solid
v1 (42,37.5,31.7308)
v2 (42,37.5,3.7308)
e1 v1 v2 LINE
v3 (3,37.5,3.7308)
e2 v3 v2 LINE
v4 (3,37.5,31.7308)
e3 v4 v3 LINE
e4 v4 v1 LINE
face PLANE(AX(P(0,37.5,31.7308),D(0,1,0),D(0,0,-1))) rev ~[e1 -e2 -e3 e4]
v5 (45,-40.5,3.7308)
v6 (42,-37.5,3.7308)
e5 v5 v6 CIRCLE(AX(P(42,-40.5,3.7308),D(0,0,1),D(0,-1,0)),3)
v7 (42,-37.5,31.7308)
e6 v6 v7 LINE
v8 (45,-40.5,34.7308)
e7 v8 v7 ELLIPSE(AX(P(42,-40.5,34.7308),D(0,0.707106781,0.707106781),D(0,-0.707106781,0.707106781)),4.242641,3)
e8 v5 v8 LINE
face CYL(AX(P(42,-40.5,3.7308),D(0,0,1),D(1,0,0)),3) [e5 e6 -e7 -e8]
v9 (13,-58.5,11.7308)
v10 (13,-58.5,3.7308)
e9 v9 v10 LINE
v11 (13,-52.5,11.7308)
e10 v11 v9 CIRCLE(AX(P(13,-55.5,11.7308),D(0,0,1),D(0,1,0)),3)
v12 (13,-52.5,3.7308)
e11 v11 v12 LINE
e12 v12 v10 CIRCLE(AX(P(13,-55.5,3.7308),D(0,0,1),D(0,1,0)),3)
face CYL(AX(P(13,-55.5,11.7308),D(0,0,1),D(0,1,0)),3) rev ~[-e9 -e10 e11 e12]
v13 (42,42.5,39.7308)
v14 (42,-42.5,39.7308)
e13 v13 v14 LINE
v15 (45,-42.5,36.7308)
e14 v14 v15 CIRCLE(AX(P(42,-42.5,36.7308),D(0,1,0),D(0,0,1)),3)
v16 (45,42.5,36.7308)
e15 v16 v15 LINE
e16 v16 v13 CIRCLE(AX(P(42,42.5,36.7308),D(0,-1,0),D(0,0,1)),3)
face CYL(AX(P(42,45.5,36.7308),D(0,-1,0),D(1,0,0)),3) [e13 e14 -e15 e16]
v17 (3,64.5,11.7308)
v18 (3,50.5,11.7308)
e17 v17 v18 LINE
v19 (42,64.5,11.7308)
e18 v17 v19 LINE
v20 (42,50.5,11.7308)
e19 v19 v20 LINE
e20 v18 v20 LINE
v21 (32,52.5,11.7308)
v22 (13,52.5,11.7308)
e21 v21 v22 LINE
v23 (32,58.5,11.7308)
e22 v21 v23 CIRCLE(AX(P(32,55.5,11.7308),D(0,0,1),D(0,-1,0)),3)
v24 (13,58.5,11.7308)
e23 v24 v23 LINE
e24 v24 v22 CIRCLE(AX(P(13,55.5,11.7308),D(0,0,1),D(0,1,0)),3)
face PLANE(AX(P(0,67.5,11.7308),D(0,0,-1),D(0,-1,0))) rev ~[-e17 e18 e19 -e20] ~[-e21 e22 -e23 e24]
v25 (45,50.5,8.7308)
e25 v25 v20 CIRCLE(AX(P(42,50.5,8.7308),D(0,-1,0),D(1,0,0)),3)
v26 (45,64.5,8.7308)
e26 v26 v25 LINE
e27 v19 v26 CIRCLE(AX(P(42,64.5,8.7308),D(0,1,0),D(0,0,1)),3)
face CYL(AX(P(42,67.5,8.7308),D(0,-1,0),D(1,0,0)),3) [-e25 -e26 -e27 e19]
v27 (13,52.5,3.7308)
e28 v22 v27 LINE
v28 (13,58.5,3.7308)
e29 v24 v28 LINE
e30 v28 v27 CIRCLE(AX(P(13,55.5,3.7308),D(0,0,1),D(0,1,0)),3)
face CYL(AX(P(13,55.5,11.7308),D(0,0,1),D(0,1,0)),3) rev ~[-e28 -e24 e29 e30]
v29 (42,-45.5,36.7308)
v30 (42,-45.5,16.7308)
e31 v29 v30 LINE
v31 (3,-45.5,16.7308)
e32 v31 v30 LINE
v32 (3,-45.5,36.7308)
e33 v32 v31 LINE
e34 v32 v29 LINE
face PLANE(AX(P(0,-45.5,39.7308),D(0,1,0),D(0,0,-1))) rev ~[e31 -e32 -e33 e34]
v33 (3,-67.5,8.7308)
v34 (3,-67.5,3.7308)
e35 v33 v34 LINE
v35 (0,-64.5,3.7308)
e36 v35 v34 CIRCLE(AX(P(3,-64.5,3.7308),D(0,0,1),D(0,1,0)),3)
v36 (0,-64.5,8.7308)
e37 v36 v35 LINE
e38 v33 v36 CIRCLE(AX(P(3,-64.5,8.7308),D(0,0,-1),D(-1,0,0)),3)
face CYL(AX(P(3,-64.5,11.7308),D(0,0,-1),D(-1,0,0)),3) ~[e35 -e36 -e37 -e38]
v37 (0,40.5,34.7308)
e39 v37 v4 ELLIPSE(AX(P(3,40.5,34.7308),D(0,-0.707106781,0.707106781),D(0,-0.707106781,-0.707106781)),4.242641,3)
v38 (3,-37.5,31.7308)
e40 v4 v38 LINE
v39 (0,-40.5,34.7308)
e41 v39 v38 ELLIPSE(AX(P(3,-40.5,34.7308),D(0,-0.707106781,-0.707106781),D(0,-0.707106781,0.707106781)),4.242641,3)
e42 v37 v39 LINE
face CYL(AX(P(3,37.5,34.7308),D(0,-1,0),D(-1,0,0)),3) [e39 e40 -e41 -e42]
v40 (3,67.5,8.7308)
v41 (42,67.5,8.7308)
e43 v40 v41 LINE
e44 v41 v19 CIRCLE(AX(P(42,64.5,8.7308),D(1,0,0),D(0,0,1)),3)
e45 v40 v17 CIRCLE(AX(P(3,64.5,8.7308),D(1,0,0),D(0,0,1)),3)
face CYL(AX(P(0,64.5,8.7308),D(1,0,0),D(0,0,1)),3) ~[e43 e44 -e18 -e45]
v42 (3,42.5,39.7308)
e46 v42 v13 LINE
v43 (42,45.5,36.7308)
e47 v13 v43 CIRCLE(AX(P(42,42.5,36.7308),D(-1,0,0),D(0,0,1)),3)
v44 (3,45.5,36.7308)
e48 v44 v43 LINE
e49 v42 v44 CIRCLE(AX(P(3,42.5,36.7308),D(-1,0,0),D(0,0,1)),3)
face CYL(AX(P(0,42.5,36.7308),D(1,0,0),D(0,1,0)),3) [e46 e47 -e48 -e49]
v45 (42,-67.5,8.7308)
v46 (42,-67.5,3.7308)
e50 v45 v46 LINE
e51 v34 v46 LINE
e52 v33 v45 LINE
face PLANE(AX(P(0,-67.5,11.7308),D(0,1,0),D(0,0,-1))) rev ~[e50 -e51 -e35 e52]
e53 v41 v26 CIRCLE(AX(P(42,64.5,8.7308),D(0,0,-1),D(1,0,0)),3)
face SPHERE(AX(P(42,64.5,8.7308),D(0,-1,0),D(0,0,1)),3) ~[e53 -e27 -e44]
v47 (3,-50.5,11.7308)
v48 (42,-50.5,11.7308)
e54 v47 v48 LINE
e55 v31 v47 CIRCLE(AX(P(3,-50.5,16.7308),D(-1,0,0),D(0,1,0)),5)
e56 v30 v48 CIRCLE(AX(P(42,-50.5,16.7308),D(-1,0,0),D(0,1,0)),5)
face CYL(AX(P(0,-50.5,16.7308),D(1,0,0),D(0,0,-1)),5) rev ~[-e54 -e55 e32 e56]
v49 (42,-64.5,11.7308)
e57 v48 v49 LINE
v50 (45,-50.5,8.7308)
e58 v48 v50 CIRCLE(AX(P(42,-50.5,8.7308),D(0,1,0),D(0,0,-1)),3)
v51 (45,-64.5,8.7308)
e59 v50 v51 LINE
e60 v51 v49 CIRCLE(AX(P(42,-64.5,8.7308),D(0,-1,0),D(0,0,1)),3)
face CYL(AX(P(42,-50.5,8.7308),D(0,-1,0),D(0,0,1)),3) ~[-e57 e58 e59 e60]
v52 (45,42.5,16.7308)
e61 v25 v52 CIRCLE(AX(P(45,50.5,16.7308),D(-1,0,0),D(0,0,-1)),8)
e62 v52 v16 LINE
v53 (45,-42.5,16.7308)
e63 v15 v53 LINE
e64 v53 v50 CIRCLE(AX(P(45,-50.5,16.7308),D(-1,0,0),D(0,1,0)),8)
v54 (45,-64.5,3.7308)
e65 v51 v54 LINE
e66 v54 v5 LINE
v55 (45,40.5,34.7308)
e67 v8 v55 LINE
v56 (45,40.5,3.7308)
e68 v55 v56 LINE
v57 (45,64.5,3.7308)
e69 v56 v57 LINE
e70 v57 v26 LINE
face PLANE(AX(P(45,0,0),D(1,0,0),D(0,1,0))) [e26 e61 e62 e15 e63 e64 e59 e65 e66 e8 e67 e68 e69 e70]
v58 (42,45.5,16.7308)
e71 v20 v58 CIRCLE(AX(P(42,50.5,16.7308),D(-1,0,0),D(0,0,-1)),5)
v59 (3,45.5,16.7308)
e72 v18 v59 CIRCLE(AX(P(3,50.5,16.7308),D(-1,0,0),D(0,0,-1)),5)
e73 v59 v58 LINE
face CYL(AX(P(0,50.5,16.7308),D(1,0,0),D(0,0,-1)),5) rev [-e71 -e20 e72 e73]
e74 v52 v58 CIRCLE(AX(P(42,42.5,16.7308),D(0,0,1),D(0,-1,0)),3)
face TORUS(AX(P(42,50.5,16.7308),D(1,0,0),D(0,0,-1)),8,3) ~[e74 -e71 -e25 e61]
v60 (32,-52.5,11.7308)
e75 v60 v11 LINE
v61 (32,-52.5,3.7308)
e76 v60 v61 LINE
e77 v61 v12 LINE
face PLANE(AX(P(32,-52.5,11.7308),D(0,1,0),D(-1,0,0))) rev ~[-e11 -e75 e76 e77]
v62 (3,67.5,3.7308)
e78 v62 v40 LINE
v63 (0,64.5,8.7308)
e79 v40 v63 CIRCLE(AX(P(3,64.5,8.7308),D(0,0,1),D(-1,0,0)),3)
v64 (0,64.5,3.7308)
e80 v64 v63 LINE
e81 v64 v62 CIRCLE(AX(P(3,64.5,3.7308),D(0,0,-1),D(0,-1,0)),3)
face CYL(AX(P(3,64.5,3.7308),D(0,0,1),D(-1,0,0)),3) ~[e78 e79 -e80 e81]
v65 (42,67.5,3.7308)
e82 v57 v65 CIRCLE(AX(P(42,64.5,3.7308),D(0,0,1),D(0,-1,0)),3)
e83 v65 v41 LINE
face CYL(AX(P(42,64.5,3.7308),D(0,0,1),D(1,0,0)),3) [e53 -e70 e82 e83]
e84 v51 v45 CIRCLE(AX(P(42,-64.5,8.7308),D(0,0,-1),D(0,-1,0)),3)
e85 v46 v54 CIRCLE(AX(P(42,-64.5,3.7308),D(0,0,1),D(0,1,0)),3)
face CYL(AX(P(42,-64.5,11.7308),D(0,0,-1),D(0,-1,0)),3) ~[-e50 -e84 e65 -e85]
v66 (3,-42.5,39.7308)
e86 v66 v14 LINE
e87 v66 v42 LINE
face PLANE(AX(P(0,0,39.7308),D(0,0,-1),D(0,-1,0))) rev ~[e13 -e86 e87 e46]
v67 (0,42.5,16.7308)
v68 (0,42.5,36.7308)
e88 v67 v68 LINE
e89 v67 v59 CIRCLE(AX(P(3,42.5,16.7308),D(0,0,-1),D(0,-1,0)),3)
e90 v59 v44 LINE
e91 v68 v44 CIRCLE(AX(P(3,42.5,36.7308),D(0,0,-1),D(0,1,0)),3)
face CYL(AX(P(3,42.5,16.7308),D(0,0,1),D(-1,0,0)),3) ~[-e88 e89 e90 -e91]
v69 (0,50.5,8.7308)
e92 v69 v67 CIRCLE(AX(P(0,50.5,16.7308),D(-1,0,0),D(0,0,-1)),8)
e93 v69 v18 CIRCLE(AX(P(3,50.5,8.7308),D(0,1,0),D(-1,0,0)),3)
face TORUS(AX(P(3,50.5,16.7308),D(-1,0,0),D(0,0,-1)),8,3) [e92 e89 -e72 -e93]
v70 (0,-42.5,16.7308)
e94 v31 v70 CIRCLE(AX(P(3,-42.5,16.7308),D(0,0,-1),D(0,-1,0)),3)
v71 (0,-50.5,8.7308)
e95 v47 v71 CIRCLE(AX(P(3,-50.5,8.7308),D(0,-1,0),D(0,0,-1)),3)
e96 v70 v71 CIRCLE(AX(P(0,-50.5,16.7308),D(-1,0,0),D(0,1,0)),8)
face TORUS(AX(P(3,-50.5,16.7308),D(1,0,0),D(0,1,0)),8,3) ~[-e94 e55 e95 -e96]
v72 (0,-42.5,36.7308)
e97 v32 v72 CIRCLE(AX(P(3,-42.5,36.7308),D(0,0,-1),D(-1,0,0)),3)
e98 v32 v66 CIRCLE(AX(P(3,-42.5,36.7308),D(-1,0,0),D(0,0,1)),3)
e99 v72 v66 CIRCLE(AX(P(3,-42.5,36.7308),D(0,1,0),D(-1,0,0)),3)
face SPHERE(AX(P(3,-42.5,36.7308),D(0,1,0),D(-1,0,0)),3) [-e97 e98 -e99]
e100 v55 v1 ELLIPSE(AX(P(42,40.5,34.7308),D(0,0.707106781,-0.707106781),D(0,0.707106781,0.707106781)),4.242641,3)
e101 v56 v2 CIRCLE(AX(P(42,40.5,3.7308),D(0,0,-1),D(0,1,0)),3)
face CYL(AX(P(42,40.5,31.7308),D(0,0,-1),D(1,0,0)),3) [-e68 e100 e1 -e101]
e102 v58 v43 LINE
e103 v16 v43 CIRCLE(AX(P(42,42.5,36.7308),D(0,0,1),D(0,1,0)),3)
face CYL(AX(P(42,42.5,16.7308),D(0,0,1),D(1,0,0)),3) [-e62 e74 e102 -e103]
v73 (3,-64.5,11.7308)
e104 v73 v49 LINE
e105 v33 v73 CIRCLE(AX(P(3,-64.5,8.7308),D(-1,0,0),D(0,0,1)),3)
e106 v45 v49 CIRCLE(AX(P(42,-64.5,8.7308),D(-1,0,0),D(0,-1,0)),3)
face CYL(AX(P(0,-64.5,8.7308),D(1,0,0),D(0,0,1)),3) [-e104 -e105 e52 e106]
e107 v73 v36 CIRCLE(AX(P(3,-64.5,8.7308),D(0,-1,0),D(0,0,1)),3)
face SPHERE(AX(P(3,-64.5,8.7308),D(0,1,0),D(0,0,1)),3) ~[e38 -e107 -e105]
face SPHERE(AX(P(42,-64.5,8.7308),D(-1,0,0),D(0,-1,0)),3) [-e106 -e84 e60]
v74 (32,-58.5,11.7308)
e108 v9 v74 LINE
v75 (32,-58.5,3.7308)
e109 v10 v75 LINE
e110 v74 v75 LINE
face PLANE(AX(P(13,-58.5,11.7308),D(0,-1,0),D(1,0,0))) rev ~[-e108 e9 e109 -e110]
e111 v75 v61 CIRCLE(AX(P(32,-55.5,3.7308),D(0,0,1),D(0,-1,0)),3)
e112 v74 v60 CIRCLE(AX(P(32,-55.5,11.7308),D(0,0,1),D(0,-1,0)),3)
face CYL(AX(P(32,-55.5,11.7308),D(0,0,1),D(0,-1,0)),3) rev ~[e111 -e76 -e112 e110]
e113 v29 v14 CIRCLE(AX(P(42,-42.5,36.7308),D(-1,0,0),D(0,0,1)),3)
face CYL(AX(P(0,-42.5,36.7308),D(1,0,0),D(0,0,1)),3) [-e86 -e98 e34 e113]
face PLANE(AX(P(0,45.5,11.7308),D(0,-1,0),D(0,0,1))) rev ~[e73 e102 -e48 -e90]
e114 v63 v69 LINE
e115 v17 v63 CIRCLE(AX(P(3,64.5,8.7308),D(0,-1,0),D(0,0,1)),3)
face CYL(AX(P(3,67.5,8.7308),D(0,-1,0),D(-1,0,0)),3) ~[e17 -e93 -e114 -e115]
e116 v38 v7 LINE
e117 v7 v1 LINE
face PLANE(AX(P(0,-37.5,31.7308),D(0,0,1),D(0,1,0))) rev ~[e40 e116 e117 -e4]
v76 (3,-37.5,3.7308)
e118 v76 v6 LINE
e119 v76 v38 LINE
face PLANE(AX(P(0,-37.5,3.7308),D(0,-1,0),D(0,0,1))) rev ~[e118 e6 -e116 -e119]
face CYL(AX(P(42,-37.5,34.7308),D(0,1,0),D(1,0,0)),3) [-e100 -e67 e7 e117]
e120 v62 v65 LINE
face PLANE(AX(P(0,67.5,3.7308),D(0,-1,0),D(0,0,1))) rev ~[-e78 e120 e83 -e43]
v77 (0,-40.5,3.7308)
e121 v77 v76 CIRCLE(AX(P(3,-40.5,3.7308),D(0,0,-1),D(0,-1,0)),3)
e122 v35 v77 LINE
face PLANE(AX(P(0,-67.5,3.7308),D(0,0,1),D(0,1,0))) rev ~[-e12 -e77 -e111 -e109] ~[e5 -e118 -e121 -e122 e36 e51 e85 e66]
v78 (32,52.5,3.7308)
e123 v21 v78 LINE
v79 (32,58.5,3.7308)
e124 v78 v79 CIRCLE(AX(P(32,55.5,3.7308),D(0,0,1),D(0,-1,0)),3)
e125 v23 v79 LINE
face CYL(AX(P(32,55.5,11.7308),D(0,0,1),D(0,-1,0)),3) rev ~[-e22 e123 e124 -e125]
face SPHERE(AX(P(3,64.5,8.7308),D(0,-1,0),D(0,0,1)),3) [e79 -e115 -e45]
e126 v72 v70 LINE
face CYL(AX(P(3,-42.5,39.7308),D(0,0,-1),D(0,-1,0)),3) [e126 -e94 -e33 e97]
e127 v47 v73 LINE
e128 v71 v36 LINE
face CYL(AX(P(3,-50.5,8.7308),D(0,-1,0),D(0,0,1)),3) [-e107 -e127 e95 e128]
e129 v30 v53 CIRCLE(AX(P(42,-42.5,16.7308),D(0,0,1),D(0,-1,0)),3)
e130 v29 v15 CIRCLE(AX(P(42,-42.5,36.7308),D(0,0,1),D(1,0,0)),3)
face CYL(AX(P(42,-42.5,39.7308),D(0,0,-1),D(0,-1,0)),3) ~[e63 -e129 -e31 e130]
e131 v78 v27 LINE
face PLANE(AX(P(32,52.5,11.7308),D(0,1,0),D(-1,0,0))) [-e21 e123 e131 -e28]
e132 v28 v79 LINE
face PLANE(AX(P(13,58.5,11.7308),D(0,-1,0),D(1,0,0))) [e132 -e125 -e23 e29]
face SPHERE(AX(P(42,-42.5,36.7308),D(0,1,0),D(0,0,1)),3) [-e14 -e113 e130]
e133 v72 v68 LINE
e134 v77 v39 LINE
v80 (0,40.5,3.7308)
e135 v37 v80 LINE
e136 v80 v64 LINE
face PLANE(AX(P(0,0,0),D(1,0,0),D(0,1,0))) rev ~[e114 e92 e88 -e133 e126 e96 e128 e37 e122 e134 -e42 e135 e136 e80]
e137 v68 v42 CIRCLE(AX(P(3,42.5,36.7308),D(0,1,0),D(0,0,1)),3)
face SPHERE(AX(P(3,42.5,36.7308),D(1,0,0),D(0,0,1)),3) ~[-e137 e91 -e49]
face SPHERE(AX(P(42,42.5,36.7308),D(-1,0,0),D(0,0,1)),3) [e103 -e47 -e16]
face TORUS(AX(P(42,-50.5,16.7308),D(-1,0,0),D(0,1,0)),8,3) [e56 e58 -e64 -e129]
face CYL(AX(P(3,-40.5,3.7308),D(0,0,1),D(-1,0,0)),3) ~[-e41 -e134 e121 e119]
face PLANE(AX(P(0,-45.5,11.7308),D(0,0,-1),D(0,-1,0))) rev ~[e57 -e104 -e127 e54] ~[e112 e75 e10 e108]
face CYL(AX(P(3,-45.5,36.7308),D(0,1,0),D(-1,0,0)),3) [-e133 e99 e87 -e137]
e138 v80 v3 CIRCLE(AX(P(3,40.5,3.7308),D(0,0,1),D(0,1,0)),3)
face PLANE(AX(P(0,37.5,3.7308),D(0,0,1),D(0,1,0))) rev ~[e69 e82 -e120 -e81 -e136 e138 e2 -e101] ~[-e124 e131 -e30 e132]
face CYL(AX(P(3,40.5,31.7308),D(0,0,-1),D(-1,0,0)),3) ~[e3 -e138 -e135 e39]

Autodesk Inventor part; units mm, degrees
ref_plane "YZ Plane" through (0, 0, 0) normal (1, 0, 0) x (0, 1, 0)
ref_plane "XZ Plane" through (0, 0, 0) normal (0, 1, 0) x (-1, 0, 0)
ref_plane "XY Plane" through (0, 0, 0) normal (0, 0, 1) x (1, 0, 0)
sketch "Sketch1" plane through (0, 0, 0) normal (1, 0, 0) x (0, 1, 0)
  line L0 (-67.5, 3.7308) -> (-37.5, 3.7308)
  line L1 (-37.5, 3.7308) -> (-37.5, 31.7308)
  line L2 (-37.5, 31.7308) -> (37.5, 31.7308)
  line L3 (37.5, 31.7308) -> (37.5, 3.7308)
  line L4 (37.5, 3.7308) -> (67.5, 3.7308)
  line L5 (67.5, 3.7308) -> (67.5, 11.7308)
  line L6 (67.5, 11.7308) -> (45.5, 11.7308)
  line L7 (45.5, 11.7308) -> (45.5, 39.7308)
  line L8 (45.5, 39.7308) -> (-45.5, 39.7308)
  line L9 (-45.5, 39.7308) -> (-45.5, 11.7308)
  line L10 (-45.5, 11.7308) -> (-67.5, 11.7308)
  line L11 (-67.5, 11.7308) -> (-67.5, 3.7308)
  line L12 (0, 0) -> (0, 98)
  dimension "d0" = 75
  dimension "d1" = 30
  dimension "d2" = 8
  dimension "d3" = 8
  dimension "d4" = 8
  dimension "d5" = 8
  dimension "d6" = 28
extrude "Extrusion1" add sketch "Sketch1" along normal blind 45
sketch "Sketch2" plane through (0, 45.5, 11.7308) normal (0, 0, 1) x (1, 0, 0)
  line L0 (0, -45.5) -> (80, -45.5)
  line L1 (0, 22) -> (0, 0) projected
  line L2 (0, 0) -> (45, 0) projected
  line L3 (45, 22) -> (45, 0) projected
  line L4 (0, 22) -> (45, 22) projected
  line L5 (32, 10) -> (13, 10) construction
  line L6 (32, 7) -> (13, 7)
  line L7 (13, 13) -> (32, 13)
  arc A0 (32, 7) -> (32, 13) centre (32, 10) ccw
  arc A1 (13, 13) -> (13, 7) centre (13, 10) ccw
  line L8 (32, -98) -> (13, -98)
  line L9 (13, -104) -> (32, -104)
  arc A2 (32, -104) -> (32, -98) centre (32, -101) ccw
  arc A3 (13, -98) -> (13, -104) centre (13, -101) ccw
  point P0 (22.5, 10)
extrude "Extrusion2" cut sketch "Sketch2" against normal through all contours L6 A1 L7 A0 | A2 L9 A3 L8
fillet "Fillet1" radius 5 2 edges at (22.5, 45.5, 11.7308) (22.5, -45.5, 11.7308)
fillet "Fillet2" radius 3 24 edges at (22.5, 45.5, 39.7308) (0, 0, 39.7308) (0, 37.5, 17.7308) (0, 0, 31.7308) (0, -37.5, 17.7308) (0, -59, 11.7308) (0, -45.5, 28.2308) (45, 0, 39.7308) (45, 59, 11.7308) (45, 45.5, 28.2308) (0, 59, 11.7308) (0, 45.5, 28.2308) (22.5, 67.5, 11.7308) (45, 67.5, 7.7308) (0, 67.5, 7.7308) (22.5, -45.5, 39.7308) (22.5, -67.5, 11.7308) (0, -67.5, 7.7308) (45, -67.5, 7.7308) (45, -59, 11.7308) (45, -45.5, 28.2308) (45, -37.5, 17.7308) (45, 0, 31.7308) (45, 37.5, 17.7308)
properties part number "sujeta-taladro-0,1"
